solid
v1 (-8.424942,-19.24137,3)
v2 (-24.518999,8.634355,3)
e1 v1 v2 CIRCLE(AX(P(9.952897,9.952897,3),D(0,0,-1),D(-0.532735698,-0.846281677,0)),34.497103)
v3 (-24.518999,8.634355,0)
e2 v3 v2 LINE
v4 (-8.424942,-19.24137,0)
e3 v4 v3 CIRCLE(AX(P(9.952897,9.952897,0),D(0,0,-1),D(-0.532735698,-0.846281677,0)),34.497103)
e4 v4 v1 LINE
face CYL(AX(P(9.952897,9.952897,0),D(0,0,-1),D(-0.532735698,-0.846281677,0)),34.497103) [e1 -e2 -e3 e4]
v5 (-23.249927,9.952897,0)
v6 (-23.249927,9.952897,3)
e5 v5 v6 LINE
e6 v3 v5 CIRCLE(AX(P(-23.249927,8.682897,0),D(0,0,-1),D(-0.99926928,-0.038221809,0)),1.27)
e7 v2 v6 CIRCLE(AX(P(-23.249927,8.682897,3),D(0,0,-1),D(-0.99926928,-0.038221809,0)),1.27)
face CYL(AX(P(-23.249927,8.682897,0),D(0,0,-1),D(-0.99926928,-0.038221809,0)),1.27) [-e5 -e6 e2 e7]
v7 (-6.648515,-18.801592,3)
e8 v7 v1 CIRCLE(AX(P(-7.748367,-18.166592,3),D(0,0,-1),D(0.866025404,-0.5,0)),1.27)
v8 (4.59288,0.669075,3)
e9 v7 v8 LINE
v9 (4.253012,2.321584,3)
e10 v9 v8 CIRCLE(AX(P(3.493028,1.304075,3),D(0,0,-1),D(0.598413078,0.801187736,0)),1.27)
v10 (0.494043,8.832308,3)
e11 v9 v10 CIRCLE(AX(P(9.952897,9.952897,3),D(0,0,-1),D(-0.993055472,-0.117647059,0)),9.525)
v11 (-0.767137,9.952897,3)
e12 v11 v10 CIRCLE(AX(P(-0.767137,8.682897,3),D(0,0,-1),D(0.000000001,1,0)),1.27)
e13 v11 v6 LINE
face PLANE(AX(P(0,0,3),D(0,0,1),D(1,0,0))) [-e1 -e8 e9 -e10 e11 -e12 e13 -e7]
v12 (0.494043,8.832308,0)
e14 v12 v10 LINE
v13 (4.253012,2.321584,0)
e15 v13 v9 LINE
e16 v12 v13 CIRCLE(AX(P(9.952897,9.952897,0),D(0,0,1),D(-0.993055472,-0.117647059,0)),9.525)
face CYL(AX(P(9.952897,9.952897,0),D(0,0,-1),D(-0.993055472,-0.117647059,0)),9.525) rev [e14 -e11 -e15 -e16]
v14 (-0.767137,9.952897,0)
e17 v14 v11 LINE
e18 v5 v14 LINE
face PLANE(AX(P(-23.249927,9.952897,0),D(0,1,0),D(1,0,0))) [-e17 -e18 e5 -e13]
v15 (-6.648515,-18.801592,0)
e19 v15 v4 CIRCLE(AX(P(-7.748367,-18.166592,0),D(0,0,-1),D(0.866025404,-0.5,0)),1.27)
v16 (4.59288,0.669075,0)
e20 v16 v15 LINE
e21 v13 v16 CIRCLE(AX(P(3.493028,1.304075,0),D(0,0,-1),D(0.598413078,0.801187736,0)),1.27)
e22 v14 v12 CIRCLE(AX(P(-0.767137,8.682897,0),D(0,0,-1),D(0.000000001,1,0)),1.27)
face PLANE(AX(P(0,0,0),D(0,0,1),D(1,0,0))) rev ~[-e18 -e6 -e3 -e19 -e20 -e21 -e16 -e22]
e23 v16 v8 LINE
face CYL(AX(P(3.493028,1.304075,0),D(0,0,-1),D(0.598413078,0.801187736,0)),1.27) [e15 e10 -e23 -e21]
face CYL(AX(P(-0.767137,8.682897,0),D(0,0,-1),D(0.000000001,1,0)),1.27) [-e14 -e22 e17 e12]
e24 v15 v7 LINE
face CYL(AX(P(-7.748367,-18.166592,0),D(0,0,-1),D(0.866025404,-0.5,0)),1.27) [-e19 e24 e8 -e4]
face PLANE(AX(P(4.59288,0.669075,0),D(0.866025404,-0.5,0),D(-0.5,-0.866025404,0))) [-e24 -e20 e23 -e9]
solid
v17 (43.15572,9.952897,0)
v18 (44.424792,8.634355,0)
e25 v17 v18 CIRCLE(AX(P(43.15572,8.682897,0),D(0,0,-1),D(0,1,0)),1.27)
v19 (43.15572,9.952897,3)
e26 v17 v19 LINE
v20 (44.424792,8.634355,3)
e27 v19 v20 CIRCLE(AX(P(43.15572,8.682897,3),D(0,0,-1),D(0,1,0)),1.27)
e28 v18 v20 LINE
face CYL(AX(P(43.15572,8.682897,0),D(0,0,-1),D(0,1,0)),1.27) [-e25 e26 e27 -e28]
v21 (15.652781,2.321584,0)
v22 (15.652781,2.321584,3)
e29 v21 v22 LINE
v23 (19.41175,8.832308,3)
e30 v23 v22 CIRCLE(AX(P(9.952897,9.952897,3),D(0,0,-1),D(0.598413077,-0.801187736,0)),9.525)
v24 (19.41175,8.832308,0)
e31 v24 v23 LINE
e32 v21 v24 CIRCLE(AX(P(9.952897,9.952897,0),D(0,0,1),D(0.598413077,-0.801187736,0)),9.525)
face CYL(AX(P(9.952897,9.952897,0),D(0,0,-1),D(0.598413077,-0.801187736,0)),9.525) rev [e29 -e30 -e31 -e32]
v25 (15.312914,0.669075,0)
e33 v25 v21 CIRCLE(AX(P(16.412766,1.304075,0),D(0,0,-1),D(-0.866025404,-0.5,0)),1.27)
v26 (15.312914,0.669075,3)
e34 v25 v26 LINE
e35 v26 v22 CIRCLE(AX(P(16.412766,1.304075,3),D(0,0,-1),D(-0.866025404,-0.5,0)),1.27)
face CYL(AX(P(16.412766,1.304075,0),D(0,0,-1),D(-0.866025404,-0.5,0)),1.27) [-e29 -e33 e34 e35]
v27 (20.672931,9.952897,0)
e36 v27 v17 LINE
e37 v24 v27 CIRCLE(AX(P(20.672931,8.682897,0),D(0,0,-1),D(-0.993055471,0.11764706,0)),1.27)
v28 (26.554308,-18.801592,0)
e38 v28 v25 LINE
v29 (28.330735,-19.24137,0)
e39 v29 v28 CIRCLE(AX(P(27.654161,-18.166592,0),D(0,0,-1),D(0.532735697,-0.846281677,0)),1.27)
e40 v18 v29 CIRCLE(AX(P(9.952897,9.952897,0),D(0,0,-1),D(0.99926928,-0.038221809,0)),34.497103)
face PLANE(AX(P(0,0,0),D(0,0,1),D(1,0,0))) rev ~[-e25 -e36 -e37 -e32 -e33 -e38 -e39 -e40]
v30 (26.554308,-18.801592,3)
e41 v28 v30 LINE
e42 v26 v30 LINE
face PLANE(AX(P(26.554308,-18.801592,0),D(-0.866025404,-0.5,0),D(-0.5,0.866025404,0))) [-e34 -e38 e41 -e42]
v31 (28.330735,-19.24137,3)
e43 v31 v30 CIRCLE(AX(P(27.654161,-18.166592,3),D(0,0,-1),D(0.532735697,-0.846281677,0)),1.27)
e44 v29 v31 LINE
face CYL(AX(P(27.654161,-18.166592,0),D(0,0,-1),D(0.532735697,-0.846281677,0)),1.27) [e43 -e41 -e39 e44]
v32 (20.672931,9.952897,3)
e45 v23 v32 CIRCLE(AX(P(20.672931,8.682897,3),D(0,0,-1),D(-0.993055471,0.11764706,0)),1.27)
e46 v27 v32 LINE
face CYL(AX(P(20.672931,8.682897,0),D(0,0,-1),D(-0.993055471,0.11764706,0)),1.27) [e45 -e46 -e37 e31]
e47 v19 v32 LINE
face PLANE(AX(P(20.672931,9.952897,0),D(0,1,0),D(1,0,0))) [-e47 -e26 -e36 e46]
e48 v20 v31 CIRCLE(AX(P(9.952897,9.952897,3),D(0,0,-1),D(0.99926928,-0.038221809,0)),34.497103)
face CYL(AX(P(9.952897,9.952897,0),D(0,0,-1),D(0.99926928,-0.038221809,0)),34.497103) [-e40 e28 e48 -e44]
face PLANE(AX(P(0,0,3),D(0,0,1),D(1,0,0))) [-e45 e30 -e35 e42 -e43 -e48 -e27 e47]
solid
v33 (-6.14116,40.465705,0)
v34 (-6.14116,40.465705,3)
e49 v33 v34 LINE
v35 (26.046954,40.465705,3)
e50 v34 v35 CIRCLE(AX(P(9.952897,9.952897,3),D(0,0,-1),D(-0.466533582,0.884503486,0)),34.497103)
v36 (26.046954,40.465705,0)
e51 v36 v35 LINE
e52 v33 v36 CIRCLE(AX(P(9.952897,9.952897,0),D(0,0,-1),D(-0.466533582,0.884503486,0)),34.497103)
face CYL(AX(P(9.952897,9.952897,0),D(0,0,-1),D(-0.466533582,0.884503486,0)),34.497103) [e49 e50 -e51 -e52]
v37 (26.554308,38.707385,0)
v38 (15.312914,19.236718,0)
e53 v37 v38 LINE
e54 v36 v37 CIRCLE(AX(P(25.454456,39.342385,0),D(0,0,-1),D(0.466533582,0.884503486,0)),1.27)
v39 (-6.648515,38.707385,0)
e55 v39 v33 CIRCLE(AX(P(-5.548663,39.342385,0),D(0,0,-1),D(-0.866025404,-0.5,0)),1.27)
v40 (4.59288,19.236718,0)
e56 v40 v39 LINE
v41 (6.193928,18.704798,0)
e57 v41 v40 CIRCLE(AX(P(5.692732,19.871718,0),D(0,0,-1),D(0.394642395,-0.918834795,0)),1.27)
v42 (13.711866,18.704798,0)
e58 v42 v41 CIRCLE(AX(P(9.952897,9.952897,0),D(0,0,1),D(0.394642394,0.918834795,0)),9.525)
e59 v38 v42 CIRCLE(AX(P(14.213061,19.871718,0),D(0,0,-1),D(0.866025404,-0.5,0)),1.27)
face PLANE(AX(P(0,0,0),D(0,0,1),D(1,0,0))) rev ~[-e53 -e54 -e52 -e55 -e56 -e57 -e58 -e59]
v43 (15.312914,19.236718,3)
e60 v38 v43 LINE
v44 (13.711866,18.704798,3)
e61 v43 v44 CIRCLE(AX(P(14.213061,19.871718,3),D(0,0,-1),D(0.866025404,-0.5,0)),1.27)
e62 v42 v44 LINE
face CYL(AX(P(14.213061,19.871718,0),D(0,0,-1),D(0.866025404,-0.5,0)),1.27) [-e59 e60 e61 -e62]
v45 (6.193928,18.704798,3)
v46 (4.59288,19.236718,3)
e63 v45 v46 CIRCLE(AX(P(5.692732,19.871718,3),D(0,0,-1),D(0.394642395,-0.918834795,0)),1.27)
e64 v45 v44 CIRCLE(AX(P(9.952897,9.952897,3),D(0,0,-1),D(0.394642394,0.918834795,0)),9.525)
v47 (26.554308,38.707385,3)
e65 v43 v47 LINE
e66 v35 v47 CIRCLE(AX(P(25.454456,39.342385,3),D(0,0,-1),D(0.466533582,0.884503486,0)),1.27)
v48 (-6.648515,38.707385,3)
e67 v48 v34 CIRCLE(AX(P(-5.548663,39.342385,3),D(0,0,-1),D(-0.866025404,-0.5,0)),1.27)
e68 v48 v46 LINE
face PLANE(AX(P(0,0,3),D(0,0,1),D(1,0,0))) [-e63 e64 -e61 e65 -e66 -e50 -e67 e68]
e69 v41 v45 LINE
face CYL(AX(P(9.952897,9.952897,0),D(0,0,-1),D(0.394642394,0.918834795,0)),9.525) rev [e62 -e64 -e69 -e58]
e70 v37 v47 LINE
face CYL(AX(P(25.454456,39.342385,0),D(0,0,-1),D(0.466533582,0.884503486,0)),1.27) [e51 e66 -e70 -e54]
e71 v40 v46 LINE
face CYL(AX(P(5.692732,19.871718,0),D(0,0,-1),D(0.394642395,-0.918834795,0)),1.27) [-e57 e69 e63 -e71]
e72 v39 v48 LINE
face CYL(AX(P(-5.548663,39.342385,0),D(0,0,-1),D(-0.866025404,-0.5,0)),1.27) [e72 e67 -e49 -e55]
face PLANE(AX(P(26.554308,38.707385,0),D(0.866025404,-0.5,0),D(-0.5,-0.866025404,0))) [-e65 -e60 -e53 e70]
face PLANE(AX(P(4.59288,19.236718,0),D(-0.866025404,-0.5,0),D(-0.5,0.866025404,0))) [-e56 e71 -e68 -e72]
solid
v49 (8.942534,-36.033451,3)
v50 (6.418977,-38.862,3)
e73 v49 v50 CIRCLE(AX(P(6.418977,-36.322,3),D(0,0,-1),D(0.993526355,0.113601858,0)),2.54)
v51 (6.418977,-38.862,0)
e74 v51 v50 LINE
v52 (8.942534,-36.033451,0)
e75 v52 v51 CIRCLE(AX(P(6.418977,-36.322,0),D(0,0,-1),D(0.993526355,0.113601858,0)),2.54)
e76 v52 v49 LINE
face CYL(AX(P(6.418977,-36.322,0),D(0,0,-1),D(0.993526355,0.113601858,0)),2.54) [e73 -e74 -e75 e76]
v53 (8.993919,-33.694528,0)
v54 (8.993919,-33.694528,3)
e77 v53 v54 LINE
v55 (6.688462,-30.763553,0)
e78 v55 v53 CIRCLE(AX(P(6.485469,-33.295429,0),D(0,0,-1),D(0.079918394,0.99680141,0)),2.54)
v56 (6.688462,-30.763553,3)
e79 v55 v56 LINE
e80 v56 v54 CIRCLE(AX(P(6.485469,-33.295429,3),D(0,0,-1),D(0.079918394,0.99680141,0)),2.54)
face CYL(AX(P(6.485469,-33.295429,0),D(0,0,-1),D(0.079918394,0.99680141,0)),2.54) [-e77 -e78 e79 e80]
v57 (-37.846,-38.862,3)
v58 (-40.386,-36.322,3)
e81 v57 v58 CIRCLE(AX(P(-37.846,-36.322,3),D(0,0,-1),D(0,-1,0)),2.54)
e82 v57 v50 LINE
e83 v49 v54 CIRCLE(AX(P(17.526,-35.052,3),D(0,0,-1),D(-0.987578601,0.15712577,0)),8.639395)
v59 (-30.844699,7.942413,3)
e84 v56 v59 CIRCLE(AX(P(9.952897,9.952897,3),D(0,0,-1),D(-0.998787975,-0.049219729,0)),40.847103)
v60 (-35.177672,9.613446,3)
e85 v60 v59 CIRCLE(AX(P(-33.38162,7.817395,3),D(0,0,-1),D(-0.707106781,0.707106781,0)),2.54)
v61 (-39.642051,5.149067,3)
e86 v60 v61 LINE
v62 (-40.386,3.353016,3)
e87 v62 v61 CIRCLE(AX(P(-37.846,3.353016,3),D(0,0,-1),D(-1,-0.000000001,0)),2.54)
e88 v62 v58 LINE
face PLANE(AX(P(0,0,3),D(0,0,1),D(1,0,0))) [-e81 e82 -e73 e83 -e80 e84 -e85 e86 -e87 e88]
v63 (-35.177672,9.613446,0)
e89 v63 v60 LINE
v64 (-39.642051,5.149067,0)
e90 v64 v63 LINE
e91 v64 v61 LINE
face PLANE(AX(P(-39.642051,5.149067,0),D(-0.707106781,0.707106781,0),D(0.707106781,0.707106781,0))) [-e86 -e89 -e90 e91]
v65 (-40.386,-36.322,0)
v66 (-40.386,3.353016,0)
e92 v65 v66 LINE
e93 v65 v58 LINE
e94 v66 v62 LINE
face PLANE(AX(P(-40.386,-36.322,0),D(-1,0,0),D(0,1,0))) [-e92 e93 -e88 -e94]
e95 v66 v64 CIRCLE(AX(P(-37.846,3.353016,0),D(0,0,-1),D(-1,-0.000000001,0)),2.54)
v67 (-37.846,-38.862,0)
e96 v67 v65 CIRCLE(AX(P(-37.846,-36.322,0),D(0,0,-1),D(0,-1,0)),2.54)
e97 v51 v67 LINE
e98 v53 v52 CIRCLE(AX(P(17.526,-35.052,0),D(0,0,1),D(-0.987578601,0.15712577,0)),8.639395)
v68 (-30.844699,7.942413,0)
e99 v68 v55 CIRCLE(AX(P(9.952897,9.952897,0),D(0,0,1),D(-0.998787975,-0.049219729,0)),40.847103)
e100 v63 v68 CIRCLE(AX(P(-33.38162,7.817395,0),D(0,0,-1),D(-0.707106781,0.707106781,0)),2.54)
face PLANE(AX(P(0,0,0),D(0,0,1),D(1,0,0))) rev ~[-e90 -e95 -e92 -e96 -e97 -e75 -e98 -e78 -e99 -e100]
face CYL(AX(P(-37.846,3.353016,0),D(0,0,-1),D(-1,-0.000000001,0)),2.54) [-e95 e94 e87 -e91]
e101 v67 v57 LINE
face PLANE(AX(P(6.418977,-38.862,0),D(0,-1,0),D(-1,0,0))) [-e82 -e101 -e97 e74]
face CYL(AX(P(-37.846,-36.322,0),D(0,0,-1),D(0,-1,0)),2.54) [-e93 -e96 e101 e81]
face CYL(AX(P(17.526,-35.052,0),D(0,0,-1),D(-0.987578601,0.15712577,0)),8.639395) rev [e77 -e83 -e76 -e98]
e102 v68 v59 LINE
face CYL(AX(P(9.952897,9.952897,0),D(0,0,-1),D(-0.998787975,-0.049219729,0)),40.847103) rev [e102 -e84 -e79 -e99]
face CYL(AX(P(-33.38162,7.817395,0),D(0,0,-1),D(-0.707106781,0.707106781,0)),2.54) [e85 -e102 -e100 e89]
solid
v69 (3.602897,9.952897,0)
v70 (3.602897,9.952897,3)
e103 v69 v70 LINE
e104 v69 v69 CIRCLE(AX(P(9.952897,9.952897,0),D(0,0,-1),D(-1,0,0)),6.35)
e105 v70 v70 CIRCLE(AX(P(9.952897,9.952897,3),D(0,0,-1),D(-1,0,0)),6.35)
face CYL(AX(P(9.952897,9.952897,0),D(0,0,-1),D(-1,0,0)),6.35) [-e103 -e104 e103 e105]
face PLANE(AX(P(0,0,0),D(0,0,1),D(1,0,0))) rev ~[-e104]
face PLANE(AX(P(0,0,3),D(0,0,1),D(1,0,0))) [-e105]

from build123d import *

# Parameters (mm, degrees)
SKETCH1_W           = 101.6
SKETCH1_H           = 101.6
BOSS_EXTRUDE1_DEPTH = 3
SKETCH3_W           = 101.6
SKETCH3_H           = 101.6
SKETCH3_R           = 6.35
CUT_EXTRUDE1_DEPTH  = 72.904659098


with BuildPart() as part:
    # Sketch1 → Boss-Extrude1 (new body)
    with BuildSketch(Plane.XY):
        Rectangle(SKETCH1_W, SKETCH1_H)
    extrude(amount=BOSS_EXTRUDE1_DEPTH)

    # Sketch3 → Cut-Extrude1 (cut, through all)
    with BuildSketch(Plane(origin=(0, 0, 0), x_dir=(-1, 0, 0), z_dir=(0, 0, -1))):
        Rectangle(SKETCH3_W, SKETCH3_H)
        with Locations((-9.952896715, 9.952896715)):
            Circle(SKETCH3_R, mode=Mode.SUBTRACT)
        with BuildLine():
            ThreePointArc((37.846, -38.862), (39.642051224, -38.118051224), (40.386, -36.322))
            Line((40.386, -36.322), (40.386, 3.353015566))
            ThreePointArc((40.386, 3.353015566), (40.192654013, 4.325031484), (39.642051224, 5.14906679))
            Line((39.642051224, 5.14906679), (35.177671526, 9.613446489))
            ThreePointArc((35.177671526, 9.613446489), (32.467667298, 10.18726655), (30.844698846, 7.942413376))
            ThreePointArc((30.844698846, 7.942413376), (19.371216203, -18.482683961), (-6.688461818, -30.76355342))
            ThreePointArc((-6.688461818, -30.76355342), (-8.481874265, -31.725089418), (-8.993918742, -33.694528459))
            ThreePointArc((-8.993918742, -33.694528459), (-8.888689559, -34.862242487), (-8.942533745, -36.033451281))
            ThreePointArc((-8.942533745, -36.033451281), (-8.314301808, -38.012959233), (-6.418976803, -38.862))
            Line((-6.418976803, -38.862), (37.846, -38.862))
        make_face(mode=Mode.SUBTRACT)
        with BuildLine():
            ThreePointArc((6.141160454, 40.465704827), (-9.952896715, 44.45), (-26.046953884, 40.465704827))
            ThreePointArc((-26.046953884, 40.465704827), (-26.67467501, 39.694473658), (-26.554308498, 38.7073854))
            Line((-26.554308498, 38.7073854), (-15.312913623, 19.236718328))
            ThreePointArc((-15.312913623, 19.236718328), (-14.613476332, 18.6664931), (-13.711865519, 18.704798139))
            ThreePointArc((-13.711865519, 18.704798139), (-9.952896715, 19.477896715), (-6.193927911, 18.704798139))
            ThreePointArc((-6.193927911, 18.704798139), (-5.292317098, 18.6664931), (-4.592879807, 19.236718328))
            Line((-4.592879807, 19.236718328), (6.648515068, 38.7073854))
            ThreePointArc((6.648515068, 38.7073854), (6.76888158, 39.694473658), (6.141160454, 40.465704827))
        make_face(mode=Mode.SUBTRACT)
        with BuildLine():
            ThreePointArc((-28.330735096, -19.2413697), (-27.348968749, -19.399376556), (-26.554308498, -18.80159197))
            Line((-26.554308498, -18.80159197), (-15.312913623, 0.669075101))
            ThreePointArc((-15.312913623, 0.669075101), (-15.168802735, 1.559918177), (-15.652781277, 2.321583527))
            ThreePointArc((-15.652781277, 2.321583527), (-18.201788686, 5.190396715), (-19.411750081, 8.83230848))
            ThreePointArc((-19.411750081, 8.83230848), (-19.829382352, 9.632278867), (-20.67293053, 9.952896715))
            Line((-20.67293053, 9.952896715), (-43.15572028, 9.952896715))
            ThreePointArc((-43.15572028, 9.952896715), (-44.070747044, 9.563593043), (-44.424792266, 8.634355017))
            ThreePointArc((-44.424792266, 8.634355017), (-39.828264517, -7.295654928), (-28.330735096, -19.2413697))
        make_face(mode=Mode.SUBTRACT)
        with BuildLine():
            ThreePointArc((-4.253012153, 2.321583527), (-4.736990695, 1.559918177), (-4.592879807, 0.669075101))
            Line((-4.592879807, 0.669075101), (6.648515068, -18.80159197))
            ThreePointArc((6.648515068, -18.80159197), (7.443175319, -19.399376556), (8.424941666, -19.2413697))
            ThreePointArc((8.424941666, -19.2413697), (19.922471087, -7.295654928), (24.518998836, 8.634355017))
            ThreePointArc((24.518998836, 8.634355017), (24.164953614, 9.563593043), (23.249926851, 9.952896715))
            Line((23.249926851, 9.952896715), (0.7671371, 9.952896715))
            ThreePointArc((0.7671371, 9.952896715), (-0.076411078, 9.632278867), (-0.494043349, 8.83230848))
            ThreePointArc((-0.494043349, 8.83230848), (-1.704004744, 5.190396715), (-4.253012153, 2.321583527))
        make_face(mode=Mode.SUBTRACT)
    extrude(amount=-CUT_EXTRUDE1_DEPTH, mode=Mode.SUBTRACT)


with BuildPart() as cut_extrude1_piece_1:
    # of the separate pieces the step leaves, piece 1, a body of its own (cut_extrude1_pieces)
    add(part.part.solids().sort_by_distance((6.688461818, -30.76355342, 0))[0])


with BuildPart() as cut_extrude1_piece_2:
    # of the separate pieces the step leaves, piece 2, a body of its own (cut_extrude1_pieces)
    add(part.part.solids().sort_by_distance((-0.7671371, 9.952896715, 0))[0])


with BuildPart() as cut_extrude1_piece_3:
    # of the separate pieces the step leaves, piece 3, a body of its own (cut_extrude1_pieces)
    add(part.part.solids().sort_by_distance((20.67293053, 9.952896715, 0))[0])


with BuildPart() as cut_extrude1_piece_4:
    # of the separate pieces the step leaves, piece 4, a body of its own (cut_extrude1_pieces)
    add(part.part.solids().sort_by_distance((4.592879807, 19.236718328, 0))[0])


with BuildPart() as cut_extrude1_piece_5:
    # of the separate pieces the step leaves, piece 5, a body of its own (cut_extrude1_pieces)
    add(part.part.solids().sort_by_distance((3.602896715, 9.952896715, 0))[0])


solid = Compound([cut_extrude1_piece_1.part, cut_extrude1_piece_2.part, cut_extrude1_piece_3.part, cut_extrude1_piece_4.part, cut_extrude1_piece_5.part])
